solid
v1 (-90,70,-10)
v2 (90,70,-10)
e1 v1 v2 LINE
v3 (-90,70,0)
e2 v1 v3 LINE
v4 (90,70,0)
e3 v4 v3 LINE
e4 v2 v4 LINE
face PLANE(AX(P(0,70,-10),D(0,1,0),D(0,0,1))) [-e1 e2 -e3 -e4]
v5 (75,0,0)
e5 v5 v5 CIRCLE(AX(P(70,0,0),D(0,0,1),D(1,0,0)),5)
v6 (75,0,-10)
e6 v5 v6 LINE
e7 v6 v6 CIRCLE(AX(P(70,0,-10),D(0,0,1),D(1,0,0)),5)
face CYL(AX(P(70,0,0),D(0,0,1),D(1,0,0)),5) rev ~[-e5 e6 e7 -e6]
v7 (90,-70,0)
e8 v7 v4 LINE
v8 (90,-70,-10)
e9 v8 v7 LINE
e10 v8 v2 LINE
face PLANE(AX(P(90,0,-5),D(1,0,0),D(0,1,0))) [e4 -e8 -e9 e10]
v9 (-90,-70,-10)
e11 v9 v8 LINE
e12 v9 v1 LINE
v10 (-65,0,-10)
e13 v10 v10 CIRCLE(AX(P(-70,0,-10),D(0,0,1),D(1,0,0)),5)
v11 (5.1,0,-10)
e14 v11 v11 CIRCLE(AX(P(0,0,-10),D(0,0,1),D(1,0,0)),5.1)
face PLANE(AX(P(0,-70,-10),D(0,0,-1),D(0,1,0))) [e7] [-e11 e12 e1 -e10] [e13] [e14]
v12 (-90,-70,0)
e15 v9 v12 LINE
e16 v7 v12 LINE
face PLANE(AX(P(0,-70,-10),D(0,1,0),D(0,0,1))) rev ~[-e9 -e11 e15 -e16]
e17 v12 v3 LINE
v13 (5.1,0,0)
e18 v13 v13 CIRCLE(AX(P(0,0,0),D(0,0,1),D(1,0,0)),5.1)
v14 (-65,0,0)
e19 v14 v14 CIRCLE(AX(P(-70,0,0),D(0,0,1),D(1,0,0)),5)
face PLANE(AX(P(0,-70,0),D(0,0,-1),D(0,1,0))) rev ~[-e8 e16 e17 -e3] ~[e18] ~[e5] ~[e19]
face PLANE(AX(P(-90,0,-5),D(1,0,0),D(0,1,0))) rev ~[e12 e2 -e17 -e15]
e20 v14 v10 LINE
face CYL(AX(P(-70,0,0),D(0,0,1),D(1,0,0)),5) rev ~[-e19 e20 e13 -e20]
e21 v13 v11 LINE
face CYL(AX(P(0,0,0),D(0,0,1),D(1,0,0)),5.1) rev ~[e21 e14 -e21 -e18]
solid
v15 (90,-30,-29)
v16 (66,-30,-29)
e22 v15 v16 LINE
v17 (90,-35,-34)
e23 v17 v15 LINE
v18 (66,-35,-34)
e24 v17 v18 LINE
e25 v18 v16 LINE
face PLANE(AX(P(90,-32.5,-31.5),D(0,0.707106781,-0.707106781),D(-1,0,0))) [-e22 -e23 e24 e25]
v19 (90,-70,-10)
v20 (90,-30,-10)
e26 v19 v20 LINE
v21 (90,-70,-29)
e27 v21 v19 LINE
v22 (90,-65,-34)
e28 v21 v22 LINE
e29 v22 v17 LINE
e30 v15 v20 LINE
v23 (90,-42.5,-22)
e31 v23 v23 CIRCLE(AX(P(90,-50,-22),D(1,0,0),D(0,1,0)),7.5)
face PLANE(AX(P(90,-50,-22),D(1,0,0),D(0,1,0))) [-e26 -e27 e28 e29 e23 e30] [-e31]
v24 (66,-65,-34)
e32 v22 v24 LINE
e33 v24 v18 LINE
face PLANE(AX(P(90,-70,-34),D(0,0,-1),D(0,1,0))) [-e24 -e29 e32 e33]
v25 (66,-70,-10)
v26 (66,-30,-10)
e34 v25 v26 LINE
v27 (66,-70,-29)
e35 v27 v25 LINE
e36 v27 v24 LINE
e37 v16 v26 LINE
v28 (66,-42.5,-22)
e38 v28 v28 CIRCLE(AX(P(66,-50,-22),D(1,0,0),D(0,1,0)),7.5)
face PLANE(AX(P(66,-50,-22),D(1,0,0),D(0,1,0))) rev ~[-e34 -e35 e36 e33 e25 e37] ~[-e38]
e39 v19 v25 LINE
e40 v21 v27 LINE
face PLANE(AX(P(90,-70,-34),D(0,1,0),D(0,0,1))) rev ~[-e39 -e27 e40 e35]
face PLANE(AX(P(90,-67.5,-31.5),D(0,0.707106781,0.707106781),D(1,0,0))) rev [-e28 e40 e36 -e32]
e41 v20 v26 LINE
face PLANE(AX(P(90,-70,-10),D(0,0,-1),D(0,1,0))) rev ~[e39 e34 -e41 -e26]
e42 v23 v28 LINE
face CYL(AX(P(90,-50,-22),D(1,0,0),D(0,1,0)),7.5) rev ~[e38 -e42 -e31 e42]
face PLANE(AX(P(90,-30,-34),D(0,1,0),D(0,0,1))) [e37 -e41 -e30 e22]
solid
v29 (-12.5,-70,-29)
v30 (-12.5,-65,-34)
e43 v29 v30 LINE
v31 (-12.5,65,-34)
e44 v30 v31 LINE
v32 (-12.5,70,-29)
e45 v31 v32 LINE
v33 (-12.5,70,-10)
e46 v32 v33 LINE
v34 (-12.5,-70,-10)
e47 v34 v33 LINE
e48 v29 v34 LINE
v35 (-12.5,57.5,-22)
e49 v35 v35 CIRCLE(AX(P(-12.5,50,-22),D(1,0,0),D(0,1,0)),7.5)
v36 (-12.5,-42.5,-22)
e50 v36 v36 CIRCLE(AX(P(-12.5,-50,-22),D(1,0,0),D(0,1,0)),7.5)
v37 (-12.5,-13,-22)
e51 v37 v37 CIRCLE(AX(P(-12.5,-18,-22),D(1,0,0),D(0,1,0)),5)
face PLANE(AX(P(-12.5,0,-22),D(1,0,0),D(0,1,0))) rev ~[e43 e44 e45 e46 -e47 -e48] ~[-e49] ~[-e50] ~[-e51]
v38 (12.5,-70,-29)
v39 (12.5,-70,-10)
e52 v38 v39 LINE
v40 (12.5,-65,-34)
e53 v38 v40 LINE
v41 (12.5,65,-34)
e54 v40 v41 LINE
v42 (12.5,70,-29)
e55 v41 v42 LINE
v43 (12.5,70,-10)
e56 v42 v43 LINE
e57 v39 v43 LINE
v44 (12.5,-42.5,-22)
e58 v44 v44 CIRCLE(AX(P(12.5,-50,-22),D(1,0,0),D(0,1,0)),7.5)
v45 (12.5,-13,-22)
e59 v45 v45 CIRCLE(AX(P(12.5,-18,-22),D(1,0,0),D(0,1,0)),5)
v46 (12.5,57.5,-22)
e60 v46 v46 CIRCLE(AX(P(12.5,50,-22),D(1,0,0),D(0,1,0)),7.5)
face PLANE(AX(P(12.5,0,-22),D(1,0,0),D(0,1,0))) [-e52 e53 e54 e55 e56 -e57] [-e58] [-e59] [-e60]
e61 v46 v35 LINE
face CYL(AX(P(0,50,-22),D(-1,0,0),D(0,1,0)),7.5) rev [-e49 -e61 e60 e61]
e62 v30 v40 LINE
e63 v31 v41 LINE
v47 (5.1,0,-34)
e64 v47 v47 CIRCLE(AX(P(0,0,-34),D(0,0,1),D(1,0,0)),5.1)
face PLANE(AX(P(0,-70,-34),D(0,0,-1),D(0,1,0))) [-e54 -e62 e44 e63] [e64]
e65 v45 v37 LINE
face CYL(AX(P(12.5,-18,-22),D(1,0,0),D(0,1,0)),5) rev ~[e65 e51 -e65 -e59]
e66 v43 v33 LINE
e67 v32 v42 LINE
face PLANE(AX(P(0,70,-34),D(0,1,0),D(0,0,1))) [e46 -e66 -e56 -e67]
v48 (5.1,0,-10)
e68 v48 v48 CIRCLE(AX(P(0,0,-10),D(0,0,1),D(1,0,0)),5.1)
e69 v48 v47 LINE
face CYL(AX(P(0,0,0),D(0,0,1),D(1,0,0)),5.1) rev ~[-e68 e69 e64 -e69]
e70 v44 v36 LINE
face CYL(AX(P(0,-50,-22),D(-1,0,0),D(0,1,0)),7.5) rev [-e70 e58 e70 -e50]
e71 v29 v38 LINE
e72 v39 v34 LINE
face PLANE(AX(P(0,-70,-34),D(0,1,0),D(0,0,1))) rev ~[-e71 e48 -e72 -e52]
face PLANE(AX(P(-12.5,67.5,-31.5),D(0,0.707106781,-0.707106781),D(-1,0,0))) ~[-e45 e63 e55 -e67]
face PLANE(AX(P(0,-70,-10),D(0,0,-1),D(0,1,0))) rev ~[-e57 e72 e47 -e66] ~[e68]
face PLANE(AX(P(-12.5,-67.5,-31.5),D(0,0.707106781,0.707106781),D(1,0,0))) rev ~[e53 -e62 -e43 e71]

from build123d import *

# Parameters (mm, degrees)
F0_W       = 140
F0_H       = 10
F1_DEPTH   = 90
F0_H_2     = 24
F0_R       = 7.5
F2_DEPTH   = 12.5
F3_R       = 5.1
F2_FACE_W  = 25
F2_FACE_H  = 140
F4_DEPTH   = 34.001
F6_W       = 40
F6_H       = 24
F6_R       = 7.5
F7_DEPTH   = 24
F8_R       = 5.1
F9_DEPTH   = 34.001
F10_R      = 5
F11_DEPTH  = 34.001
F12_SIZE   = 5
F12_2_SIZE = 5
F13_R      = 5
F14_DEPTH  = 102.501


with BuildPart() as f1:
    # F0 (on Right) → F1 (new body, symmetric)
    with BuildSketch(Plane.YZ):
        with Locations((0, -5)):
            Rectangle(F0_W, F0_H)
    extrude(amount=F1_DEPTH, both=True)


with BuildPart() as f2:
    # F0 (on Right) → F2 (new body, symmetric)
    with BuildSketch(Plane.YZ):
        with Locations((0, -22)):
            Rectangle(F0_W, F0_H_2)
        with Locations((-50, -22)):
            Circle(F0_R, mode=Mode.SUBTRACT)
        with Locations((50, -22)):
            Circle(F0_R, mode=Mode.SUBTRACT)
    extrude(amount=F2_DEPTH, both=True)


with BuildPart() as f4_tool:
    # F3 (on face) + F2_face (on face) → F4 (new body, through all)
    with BuildSketch(Plane.XY):
        Circle(F3_R)
    with BuildSketch(Plane(origin=(0, 0, -34), x_dir=(1, 0, 0), z_dir=(0, 0, -1))):
        Rectangle(F2_FACE_W, F2_FACE_H)
    extrude(amount=-F4_DEPTH, dir=(0, 0, 1))


with BuildPart() as f1_1:
    add(f1.part)

    # F4: cut by f4_tool
    add(f4_tool.part, mode=Mode.SUBTRACT)

    # F8 (on face) → F9 (cut, through all)
    with BuildSketch(Plane.XY):
        Circle(F8_R)
    extrude(amount=-F9_DEPTH, mode=Mode.SUBTRACT)

    # F10 (on face) → F11 (cut, through all)
    with BuildSketch(Plane.XY):
        with Locations((-70, 0)):
            Circle(F10_R)
        with Locations((70, 0)):
            Circle(F10_R)
    extrude(amount=-F11_DEPTH, mode=Mode.SUBTRACT)


with BuildPart() as f2_1:
    add(f2.part)

    # F4: cut by f4_tool
    add(f4_tool.part, mode=Mode.SUBTRACT)

    # F12#2
    f12_2_edges = [f2_1.edges().sort_by_distance(p)[0] for p in [
        (0, -70, -34),
        (0, 70, -34),
    ]]
    chamfer(f12_2_edges, length=F12_2_SIZE)

    # F13 (on face) → F14 (cut, through all)
    with BuildSketch(Plane.YZ.offset(12.5)):
        with Locations((-18, -22)):
            Circle(F13_R)
    extrude(amount=-F14_DEPTH, mode=Mode.SUBTRACT)


with BuildPart() as f7:
    # F6 (on offset) → F7 (new body)
    with BuildSketch(Plane.YZ.offset(90)):
        with Locations((-50, -22)):
            Rectangle(F6_W, F6_H)
        with Locations((-50, -22)):
            Circle(F6_R, mode=Mode.SUBTRACT)
    extrude(amount=-F7_DEPTH)

    # F12
    f12_edges = [f7.edges().sort_by_distance(p)[0] for p in [
        (78, -70, -34),
        (78, -30, -34),
    ]]
    chamfer(f12_edges, length=F12_SIZE)


solid = Compound([f1_1.part, f2_1.part, f7.part])
